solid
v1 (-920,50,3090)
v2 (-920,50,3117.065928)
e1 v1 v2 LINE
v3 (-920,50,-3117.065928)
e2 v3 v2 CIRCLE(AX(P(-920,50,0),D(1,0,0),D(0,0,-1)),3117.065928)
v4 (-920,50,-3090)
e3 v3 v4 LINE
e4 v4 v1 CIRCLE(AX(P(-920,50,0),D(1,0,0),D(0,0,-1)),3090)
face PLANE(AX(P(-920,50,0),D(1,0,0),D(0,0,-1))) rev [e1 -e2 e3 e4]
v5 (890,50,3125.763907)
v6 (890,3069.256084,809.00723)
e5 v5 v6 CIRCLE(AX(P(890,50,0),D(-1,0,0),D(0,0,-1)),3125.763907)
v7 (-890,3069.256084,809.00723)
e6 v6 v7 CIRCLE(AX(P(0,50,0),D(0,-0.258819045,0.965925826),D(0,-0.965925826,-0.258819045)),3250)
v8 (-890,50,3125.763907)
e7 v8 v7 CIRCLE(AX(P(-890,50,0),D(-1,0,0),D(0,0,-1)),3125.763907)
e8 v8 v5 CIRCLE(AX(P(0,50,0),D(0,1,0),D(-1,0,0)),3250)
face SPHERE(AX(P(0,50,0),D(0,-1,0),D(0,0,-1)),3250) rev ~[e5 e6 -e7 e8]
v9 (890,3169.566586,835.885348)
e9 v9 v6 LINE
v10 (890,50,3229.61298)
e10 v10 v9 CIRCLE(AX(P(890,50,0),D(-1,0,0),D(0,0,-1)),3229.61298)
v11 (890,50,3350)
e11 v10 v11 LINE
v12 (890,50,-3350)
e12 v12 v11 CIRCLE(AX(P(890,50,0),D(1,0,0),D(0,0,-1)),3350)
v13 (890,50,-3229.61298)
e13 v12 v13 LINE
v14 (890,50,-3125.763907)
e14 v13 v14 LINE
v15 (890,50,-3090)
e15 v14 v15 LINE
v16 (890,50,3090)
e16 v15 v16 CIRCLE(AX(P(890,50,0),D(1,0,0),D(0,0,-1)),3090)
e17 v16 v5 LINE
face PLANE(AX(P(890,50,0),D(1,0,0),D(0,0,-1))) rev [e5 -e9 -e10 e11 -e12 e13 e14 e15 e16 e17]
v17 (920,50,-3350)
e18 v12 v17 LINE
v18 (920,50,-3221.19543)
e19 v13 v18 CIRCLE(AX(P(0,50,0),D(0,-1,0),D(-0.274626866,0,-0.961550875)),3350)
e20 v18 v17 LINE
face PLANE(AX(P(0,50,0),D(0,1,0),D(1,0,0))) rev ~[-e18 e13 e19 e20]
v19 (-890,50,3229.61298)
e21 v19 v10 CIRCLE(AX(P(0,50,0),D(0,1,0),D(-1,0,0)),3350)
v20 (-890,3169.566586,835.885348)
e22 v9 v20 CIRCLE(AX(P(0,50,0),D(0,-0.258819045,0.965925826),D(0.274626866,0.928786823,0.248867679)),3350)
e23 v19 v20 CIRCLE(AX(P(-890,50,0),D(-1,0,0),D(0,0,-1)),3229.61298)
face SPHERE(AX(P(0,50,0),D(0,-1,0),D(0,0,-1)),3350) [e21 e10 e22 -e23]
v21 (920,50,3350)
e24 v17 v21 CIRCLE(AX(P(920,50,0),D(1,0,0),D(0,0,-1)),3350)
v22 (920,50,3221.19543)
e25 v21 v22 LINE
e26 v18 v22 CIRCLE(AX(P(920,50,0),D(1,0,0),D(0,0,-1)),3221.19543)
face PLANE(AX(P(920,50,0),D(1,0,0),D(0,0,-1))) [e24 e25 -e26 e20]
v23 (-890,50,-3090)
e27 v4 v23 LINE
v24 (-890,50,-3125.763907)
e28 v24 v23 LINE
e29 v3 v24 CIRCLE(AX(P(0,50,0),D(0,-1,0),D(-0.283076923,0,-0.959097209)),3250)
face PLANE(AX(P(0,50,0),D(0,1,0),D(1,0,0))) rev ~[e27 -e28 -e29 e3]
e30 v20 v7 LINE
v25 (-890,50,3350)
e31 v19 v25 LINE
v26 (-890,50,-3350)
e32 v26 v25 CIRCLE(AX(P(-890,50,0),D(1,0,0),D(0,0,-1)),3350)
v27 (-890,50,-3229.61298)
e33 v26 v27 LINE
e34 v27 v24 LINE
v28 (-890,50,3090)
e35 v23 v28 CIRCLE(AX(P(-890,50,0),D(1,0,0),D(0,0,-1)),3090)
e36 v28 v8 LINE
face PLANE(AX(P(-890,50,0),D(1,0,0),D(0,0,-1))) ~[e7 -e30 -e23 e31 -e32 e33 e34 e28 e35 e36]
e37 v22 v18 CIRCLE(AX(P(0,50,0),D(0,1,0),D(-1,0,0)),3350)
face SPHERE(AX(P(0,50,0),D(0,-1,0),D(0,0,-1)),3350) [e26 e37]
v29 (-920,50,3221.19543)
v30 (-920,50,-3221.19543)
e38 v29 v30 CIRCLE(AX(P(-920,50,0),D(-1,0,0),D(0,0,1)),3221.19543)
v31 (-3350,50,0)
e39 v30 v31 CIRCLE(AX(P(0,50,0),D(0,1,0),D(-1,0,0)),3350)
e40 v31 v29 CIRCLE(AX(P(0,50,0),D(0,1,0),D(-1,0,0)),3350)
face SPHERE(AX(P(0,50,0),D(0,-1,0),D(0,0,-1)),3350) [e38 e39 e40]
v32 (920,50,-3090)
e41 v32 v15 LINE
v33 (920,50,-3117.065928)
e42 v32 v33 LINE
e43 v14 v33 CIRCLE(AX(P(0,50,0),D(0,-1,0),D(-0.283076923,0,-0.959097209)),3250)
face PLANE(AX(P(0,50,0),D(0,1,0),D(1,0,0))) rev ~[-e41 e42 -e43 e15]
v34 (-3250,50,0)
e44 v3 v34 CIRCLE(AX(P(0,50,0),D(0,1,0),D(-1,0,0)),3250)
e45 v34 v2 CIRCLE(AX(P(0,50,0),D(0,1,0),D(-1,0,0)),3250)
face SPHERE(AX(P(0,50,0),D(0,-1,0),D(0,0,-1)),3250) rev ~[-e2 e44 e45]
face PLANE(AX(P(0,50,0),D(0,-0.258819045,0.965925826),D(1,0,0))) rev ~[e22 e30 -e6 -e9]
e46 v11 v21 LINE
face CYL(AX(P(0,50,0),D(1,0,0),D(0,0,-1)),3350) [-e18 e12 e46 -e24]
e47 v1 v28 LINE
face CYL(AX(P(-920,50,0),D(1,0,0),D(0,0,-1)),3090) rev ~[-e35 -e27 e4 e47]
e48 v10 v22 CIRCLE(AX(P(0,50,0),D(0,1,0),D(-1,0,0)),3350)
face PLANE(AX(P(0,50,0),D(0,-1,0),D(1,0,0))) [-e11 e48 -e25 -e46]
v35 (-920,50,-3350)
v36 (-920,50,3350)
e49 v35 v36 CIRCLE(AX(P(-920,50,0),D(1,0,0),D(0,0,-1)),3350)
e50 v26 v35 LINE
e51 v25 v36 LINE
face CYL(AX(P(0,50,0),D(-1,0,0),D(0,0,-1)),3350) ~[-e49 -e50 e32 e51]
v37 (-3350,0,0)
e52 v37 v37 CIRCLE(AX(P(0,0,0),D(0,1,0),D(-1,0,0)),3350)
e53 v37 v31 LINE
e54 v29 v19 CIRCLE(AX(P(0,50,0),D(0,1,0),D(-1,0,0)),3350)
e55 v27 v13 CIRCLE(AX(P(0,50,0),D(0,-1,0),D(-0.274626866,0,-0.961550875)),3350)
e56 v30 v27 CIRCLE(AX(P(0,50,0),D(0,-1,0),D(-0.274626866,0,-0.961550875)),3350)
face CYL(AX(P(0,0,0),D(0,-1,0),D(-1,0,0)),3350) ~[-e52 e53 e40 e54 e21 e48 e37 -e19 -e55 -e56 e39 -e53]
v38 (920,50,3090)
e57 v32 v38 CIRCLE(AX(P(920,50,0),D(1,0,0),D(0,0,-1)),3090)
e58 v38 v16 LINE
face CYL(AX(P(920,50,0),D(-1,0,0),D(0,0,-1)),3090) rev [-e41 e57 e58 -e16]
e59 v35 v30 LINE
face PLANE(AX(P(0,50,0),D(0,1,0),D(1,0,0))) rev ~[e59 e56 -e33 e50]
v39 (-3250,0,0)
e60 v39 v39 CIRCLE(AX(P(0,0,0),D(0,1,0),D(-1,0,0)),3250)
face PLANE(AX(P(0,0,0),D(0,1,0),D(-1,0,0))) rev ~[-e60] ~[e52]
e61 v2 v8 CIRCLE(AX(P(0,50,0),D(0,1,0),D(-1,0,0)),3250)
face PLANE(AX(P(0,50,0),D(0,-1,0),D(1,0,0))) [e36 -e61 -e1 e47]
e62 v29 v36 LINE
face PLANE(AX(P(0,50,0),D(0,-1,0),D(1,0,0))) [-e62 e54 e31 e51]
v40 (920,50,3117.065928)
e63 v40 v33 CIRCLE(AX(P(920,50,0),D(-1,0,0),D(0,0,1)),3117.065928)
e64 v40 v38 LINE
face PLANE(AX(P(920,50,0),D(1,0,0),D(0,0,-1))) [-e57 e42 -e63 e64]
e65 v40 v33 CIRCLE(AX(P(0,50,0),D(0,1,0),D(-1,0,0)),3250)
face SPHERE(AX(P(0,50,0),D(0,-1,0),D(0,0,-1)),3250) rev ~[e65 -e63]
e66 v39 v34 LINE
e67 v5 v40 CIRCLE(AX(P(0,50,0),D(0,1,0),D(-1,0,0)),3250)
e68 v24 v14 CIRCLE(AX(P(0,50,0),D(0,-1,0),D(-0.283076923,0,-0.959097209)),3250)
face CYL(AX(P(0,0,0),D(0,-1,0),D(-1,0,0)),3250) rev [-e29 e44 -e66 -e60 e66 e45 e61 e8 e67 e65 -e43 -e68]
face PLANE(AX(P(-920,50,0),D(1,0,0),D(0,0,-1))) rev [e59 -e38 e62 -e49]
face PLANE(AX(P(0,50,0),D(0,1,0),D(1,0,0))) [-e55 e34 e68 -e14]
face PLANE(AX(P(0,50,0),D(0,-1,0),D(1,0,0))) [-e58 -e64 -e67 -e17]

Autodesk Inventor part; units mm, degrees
ref_plane "YZ Plane" through (0, 0, 0) normal (1, 0, 0) x (0, 1, 0)
sketch "Sketch1" plane through (0, 0, 0) normal (0, 1, 0) x (-1, 0, 0)
  circle A0 centre (0, 0) radius 3250
  circle A1 centre (0, 0) radius 3350
  dimension "d0" = 6500
  dimension "d1" = 6700
extrude "Extrusion1" add sketch "Sketch1" along normal blind 50
sketch "Sketch2" plane through (0, 50, 0) normal (0, 1, 0) x (1, 0, 0)
  line L0 (0, -3350) -> (-920, -3350)
  line L1 (0, -3350) -> (920, -3350)
  line L2 (920, -3350) -> (920, -3221.1954)
  line L3 (-920, -3221.1954) -> (-920, -3350)
  line L4 (920, -3221.1954) -> (-920, -3221.1954)
  line L5 (0, 3350) -> (-920, 3350)
  line L6 (0, 3350) -> (920, 3350)
  line L7 (920, 3350) -> (920, 3221.1954)
  line L8 (-920, 3221.1954) -> (-920, 3350)
  line L9 (920, 3221.1954) -> (-920, 3221.1954)
  line L10 (920, 3221.1954) -> (920, -3221.1954)
  line L11 (-920, -3221.1954) -> (-920, 3221.1954)
  line L12 (3350, 0) -> (-3350, 0)
  line L13 (0, 3350) -> (0, -3350)
  line L14 (-920, 3117.0659) -> (920, 3117.0659)
  line L15 (-900, 3100) -> (-900, 3242)
  line L16 (-920, 3242) -> (-920, 3100)
  line L17 (900, 3100) -> (900, 3242)
  line L18 (920, 3242) -> (920, 3100)
  line L19 (-920, 3242) -> (-920, 3246)
  line L20 (-920, 3246) -> (-900, 3246)
  line L21 (-900, 3246) -> (-900, 3242)
  line L22 (-920, 3100) -> (-920, 3098)
  line L23 (920, 3100) -> (920, 3096)
  line L24 (920, 3096) -> (900, 3096)
  line L25 (900, 3096) -> (900, 3100)
  line L26 (900, 3242) -> (900, 3246)
  line L27 (900, 3246) -> (920, 3246)
  line L28 (920, 3246) -> (920, 3242)
  line L29 (-920, 3100) -> (-920, 3096)
  line L30 (-920, 3096) -> (-900, 3096)
  line L31 (-900, 3096) -> (-900, 3100)
  line L32 (-920, 3246) -> (-900, 3246)
  line L33 (-900, 3246) -> (-900, 3096)
  line L34 (-900, 3096) -> (-920, 3096)
  line L35 (-920, 3096) -> (-920, 3246)
  line L36 (900, 3246) -> (920, 3246)
  line L37 (920, 3246) -> (920, 3096)
  line L38 (920, 3096) -> (900, 3096)
  line L39 (900, 3096) -> (900, 3246)
  line L40 (-920, 3090) -> (-890, 3090)
  line L41 (-890, 3090) -> (-890, 3350)
  line L42 (-890, 3350) -> (-920, 3350)
  line L43 (-920, 3350) -> (-920, 3090)
  line L44 (920, 3090) -> (890, 3090)
  line L45 (890, 3090) -> (890, 3350)
  line L46 (890, 3350) -> (920, 3350)
  line L47 (920, 3350) -> (920, 3090)
  point P0 (0, 0)
  point P1 (0, 0)
  point P2 (-920, 0)
  point P3 (920, 0)
  point P4 (0, 0)
  point P5 (920, 0)
  point P6 (-920, 0)
ref_plane "Work Plane1" through (0, 50, -3350) normal (-1, 0, 0) x (0, 0, 1)
sketch3d "DomeSketch"
ref_plane "Work Plane2" through (0, 50, 0) normal (0, 1, 0) x (1, 0, 0)
sketch "Sketch3" plane through (0, 50, 0) normal (0, 1, 0) x (1, 0, 0)
  circle A0 centre (0, 0) radius 3350 projected
  line L0 (0, 3350) -> (0, -3350)
sketch3d "3D Sketch2"
sketch "Sketch4" plane through (0, 50, -3350) normal (-1, 0, 0) x (0, 0, 1)
  arc A0 (3350, 3350) -> (0, 0) centre (3350, 0) ccw
  arc A1 (3350, 3250) -> (100, 0) centre (3350, 0) ccw
  line L0 (3350, 3350) -> (3350, 3250)
  line L1 (0, 0) -> (100, 0)
  line L2 (6700, -50) -> (0, -50) projected
  line L3 (3350, 3250) -> (3350, 0)
  line L4 (3350, 0) -> (100, 0)
  point P0 (3350, -50)
revolve "Revolution1" add sketch "Sketch4" angle 360 about axis through (0, 3400, 0) along (0, -1, 0) contours L0 A1 L1 A0
sketch3d "3D Sketch3"
revolve "Revolution2" cut sketch "Sketch2" angle 105 about axis through (3350, 50, 0) along (1, 0, 0) contours L14 L41 L9 L13 | L13 L9 L45 L14 | L13 L6 L45 L9 | L9 L41 L5 L13 | L14 L15 L9 L41 | L45 L9 L17 L14 | L45 L6 L7 L27 L26 L17 L9 | L9 L15 L21 L20 L8 L5 L41 | L14 L11 L9 L15 | L17 L9 L10 L14 | L17 L26 L27 L7 L9 | L9 L8 L20 L21 L15
sketch "Sketch5" plane through (0, 50, 0) normal (0, 0.2588, -0.9659) x (-1, 0, 0)
  arc A0 (920, 3221.1954) -> (-920, 3221.1954) centre (0, 0) ccw projected
  arc A1 (920, 3117.0659) -> (-920, 3117.0659) centre (0, 0) ccw projected
  line L0 (-920, 3221.1954) -> (-920, 3117.0659)
  line L1 (920, -833.7067) -> (920, 3221.1954) projected
  line L2 (920, 3221.1954) -> (920, 3117.0659)
  point P0 (0, -48.2963)
revolve "Revolution3" add sketch "Sketch2" angle 180 about axis through (3350, 50, 0) along (1, 0, 0) contours L11 L30 L31 L15 L14 L41 L40 | L44 L45 L14 L17 L25 L24 L10 | L14 L15 L9 L41 | L45 L9 L17 L14 | L11 L14 L15 L31 L30 | L24 L25 L17 L14 L10 | L45 L6 L7 L27 L26 L17 L9 | L9 L15 L21 L20 L8 L5 L41 | L14 L11 L9 L15 | L17 L9 L10 L14 | L17 L26 L27 L7 L9 | L9 L8 L20 L21 L15
properties part number "DomeHemisphereOldMeasurements"
